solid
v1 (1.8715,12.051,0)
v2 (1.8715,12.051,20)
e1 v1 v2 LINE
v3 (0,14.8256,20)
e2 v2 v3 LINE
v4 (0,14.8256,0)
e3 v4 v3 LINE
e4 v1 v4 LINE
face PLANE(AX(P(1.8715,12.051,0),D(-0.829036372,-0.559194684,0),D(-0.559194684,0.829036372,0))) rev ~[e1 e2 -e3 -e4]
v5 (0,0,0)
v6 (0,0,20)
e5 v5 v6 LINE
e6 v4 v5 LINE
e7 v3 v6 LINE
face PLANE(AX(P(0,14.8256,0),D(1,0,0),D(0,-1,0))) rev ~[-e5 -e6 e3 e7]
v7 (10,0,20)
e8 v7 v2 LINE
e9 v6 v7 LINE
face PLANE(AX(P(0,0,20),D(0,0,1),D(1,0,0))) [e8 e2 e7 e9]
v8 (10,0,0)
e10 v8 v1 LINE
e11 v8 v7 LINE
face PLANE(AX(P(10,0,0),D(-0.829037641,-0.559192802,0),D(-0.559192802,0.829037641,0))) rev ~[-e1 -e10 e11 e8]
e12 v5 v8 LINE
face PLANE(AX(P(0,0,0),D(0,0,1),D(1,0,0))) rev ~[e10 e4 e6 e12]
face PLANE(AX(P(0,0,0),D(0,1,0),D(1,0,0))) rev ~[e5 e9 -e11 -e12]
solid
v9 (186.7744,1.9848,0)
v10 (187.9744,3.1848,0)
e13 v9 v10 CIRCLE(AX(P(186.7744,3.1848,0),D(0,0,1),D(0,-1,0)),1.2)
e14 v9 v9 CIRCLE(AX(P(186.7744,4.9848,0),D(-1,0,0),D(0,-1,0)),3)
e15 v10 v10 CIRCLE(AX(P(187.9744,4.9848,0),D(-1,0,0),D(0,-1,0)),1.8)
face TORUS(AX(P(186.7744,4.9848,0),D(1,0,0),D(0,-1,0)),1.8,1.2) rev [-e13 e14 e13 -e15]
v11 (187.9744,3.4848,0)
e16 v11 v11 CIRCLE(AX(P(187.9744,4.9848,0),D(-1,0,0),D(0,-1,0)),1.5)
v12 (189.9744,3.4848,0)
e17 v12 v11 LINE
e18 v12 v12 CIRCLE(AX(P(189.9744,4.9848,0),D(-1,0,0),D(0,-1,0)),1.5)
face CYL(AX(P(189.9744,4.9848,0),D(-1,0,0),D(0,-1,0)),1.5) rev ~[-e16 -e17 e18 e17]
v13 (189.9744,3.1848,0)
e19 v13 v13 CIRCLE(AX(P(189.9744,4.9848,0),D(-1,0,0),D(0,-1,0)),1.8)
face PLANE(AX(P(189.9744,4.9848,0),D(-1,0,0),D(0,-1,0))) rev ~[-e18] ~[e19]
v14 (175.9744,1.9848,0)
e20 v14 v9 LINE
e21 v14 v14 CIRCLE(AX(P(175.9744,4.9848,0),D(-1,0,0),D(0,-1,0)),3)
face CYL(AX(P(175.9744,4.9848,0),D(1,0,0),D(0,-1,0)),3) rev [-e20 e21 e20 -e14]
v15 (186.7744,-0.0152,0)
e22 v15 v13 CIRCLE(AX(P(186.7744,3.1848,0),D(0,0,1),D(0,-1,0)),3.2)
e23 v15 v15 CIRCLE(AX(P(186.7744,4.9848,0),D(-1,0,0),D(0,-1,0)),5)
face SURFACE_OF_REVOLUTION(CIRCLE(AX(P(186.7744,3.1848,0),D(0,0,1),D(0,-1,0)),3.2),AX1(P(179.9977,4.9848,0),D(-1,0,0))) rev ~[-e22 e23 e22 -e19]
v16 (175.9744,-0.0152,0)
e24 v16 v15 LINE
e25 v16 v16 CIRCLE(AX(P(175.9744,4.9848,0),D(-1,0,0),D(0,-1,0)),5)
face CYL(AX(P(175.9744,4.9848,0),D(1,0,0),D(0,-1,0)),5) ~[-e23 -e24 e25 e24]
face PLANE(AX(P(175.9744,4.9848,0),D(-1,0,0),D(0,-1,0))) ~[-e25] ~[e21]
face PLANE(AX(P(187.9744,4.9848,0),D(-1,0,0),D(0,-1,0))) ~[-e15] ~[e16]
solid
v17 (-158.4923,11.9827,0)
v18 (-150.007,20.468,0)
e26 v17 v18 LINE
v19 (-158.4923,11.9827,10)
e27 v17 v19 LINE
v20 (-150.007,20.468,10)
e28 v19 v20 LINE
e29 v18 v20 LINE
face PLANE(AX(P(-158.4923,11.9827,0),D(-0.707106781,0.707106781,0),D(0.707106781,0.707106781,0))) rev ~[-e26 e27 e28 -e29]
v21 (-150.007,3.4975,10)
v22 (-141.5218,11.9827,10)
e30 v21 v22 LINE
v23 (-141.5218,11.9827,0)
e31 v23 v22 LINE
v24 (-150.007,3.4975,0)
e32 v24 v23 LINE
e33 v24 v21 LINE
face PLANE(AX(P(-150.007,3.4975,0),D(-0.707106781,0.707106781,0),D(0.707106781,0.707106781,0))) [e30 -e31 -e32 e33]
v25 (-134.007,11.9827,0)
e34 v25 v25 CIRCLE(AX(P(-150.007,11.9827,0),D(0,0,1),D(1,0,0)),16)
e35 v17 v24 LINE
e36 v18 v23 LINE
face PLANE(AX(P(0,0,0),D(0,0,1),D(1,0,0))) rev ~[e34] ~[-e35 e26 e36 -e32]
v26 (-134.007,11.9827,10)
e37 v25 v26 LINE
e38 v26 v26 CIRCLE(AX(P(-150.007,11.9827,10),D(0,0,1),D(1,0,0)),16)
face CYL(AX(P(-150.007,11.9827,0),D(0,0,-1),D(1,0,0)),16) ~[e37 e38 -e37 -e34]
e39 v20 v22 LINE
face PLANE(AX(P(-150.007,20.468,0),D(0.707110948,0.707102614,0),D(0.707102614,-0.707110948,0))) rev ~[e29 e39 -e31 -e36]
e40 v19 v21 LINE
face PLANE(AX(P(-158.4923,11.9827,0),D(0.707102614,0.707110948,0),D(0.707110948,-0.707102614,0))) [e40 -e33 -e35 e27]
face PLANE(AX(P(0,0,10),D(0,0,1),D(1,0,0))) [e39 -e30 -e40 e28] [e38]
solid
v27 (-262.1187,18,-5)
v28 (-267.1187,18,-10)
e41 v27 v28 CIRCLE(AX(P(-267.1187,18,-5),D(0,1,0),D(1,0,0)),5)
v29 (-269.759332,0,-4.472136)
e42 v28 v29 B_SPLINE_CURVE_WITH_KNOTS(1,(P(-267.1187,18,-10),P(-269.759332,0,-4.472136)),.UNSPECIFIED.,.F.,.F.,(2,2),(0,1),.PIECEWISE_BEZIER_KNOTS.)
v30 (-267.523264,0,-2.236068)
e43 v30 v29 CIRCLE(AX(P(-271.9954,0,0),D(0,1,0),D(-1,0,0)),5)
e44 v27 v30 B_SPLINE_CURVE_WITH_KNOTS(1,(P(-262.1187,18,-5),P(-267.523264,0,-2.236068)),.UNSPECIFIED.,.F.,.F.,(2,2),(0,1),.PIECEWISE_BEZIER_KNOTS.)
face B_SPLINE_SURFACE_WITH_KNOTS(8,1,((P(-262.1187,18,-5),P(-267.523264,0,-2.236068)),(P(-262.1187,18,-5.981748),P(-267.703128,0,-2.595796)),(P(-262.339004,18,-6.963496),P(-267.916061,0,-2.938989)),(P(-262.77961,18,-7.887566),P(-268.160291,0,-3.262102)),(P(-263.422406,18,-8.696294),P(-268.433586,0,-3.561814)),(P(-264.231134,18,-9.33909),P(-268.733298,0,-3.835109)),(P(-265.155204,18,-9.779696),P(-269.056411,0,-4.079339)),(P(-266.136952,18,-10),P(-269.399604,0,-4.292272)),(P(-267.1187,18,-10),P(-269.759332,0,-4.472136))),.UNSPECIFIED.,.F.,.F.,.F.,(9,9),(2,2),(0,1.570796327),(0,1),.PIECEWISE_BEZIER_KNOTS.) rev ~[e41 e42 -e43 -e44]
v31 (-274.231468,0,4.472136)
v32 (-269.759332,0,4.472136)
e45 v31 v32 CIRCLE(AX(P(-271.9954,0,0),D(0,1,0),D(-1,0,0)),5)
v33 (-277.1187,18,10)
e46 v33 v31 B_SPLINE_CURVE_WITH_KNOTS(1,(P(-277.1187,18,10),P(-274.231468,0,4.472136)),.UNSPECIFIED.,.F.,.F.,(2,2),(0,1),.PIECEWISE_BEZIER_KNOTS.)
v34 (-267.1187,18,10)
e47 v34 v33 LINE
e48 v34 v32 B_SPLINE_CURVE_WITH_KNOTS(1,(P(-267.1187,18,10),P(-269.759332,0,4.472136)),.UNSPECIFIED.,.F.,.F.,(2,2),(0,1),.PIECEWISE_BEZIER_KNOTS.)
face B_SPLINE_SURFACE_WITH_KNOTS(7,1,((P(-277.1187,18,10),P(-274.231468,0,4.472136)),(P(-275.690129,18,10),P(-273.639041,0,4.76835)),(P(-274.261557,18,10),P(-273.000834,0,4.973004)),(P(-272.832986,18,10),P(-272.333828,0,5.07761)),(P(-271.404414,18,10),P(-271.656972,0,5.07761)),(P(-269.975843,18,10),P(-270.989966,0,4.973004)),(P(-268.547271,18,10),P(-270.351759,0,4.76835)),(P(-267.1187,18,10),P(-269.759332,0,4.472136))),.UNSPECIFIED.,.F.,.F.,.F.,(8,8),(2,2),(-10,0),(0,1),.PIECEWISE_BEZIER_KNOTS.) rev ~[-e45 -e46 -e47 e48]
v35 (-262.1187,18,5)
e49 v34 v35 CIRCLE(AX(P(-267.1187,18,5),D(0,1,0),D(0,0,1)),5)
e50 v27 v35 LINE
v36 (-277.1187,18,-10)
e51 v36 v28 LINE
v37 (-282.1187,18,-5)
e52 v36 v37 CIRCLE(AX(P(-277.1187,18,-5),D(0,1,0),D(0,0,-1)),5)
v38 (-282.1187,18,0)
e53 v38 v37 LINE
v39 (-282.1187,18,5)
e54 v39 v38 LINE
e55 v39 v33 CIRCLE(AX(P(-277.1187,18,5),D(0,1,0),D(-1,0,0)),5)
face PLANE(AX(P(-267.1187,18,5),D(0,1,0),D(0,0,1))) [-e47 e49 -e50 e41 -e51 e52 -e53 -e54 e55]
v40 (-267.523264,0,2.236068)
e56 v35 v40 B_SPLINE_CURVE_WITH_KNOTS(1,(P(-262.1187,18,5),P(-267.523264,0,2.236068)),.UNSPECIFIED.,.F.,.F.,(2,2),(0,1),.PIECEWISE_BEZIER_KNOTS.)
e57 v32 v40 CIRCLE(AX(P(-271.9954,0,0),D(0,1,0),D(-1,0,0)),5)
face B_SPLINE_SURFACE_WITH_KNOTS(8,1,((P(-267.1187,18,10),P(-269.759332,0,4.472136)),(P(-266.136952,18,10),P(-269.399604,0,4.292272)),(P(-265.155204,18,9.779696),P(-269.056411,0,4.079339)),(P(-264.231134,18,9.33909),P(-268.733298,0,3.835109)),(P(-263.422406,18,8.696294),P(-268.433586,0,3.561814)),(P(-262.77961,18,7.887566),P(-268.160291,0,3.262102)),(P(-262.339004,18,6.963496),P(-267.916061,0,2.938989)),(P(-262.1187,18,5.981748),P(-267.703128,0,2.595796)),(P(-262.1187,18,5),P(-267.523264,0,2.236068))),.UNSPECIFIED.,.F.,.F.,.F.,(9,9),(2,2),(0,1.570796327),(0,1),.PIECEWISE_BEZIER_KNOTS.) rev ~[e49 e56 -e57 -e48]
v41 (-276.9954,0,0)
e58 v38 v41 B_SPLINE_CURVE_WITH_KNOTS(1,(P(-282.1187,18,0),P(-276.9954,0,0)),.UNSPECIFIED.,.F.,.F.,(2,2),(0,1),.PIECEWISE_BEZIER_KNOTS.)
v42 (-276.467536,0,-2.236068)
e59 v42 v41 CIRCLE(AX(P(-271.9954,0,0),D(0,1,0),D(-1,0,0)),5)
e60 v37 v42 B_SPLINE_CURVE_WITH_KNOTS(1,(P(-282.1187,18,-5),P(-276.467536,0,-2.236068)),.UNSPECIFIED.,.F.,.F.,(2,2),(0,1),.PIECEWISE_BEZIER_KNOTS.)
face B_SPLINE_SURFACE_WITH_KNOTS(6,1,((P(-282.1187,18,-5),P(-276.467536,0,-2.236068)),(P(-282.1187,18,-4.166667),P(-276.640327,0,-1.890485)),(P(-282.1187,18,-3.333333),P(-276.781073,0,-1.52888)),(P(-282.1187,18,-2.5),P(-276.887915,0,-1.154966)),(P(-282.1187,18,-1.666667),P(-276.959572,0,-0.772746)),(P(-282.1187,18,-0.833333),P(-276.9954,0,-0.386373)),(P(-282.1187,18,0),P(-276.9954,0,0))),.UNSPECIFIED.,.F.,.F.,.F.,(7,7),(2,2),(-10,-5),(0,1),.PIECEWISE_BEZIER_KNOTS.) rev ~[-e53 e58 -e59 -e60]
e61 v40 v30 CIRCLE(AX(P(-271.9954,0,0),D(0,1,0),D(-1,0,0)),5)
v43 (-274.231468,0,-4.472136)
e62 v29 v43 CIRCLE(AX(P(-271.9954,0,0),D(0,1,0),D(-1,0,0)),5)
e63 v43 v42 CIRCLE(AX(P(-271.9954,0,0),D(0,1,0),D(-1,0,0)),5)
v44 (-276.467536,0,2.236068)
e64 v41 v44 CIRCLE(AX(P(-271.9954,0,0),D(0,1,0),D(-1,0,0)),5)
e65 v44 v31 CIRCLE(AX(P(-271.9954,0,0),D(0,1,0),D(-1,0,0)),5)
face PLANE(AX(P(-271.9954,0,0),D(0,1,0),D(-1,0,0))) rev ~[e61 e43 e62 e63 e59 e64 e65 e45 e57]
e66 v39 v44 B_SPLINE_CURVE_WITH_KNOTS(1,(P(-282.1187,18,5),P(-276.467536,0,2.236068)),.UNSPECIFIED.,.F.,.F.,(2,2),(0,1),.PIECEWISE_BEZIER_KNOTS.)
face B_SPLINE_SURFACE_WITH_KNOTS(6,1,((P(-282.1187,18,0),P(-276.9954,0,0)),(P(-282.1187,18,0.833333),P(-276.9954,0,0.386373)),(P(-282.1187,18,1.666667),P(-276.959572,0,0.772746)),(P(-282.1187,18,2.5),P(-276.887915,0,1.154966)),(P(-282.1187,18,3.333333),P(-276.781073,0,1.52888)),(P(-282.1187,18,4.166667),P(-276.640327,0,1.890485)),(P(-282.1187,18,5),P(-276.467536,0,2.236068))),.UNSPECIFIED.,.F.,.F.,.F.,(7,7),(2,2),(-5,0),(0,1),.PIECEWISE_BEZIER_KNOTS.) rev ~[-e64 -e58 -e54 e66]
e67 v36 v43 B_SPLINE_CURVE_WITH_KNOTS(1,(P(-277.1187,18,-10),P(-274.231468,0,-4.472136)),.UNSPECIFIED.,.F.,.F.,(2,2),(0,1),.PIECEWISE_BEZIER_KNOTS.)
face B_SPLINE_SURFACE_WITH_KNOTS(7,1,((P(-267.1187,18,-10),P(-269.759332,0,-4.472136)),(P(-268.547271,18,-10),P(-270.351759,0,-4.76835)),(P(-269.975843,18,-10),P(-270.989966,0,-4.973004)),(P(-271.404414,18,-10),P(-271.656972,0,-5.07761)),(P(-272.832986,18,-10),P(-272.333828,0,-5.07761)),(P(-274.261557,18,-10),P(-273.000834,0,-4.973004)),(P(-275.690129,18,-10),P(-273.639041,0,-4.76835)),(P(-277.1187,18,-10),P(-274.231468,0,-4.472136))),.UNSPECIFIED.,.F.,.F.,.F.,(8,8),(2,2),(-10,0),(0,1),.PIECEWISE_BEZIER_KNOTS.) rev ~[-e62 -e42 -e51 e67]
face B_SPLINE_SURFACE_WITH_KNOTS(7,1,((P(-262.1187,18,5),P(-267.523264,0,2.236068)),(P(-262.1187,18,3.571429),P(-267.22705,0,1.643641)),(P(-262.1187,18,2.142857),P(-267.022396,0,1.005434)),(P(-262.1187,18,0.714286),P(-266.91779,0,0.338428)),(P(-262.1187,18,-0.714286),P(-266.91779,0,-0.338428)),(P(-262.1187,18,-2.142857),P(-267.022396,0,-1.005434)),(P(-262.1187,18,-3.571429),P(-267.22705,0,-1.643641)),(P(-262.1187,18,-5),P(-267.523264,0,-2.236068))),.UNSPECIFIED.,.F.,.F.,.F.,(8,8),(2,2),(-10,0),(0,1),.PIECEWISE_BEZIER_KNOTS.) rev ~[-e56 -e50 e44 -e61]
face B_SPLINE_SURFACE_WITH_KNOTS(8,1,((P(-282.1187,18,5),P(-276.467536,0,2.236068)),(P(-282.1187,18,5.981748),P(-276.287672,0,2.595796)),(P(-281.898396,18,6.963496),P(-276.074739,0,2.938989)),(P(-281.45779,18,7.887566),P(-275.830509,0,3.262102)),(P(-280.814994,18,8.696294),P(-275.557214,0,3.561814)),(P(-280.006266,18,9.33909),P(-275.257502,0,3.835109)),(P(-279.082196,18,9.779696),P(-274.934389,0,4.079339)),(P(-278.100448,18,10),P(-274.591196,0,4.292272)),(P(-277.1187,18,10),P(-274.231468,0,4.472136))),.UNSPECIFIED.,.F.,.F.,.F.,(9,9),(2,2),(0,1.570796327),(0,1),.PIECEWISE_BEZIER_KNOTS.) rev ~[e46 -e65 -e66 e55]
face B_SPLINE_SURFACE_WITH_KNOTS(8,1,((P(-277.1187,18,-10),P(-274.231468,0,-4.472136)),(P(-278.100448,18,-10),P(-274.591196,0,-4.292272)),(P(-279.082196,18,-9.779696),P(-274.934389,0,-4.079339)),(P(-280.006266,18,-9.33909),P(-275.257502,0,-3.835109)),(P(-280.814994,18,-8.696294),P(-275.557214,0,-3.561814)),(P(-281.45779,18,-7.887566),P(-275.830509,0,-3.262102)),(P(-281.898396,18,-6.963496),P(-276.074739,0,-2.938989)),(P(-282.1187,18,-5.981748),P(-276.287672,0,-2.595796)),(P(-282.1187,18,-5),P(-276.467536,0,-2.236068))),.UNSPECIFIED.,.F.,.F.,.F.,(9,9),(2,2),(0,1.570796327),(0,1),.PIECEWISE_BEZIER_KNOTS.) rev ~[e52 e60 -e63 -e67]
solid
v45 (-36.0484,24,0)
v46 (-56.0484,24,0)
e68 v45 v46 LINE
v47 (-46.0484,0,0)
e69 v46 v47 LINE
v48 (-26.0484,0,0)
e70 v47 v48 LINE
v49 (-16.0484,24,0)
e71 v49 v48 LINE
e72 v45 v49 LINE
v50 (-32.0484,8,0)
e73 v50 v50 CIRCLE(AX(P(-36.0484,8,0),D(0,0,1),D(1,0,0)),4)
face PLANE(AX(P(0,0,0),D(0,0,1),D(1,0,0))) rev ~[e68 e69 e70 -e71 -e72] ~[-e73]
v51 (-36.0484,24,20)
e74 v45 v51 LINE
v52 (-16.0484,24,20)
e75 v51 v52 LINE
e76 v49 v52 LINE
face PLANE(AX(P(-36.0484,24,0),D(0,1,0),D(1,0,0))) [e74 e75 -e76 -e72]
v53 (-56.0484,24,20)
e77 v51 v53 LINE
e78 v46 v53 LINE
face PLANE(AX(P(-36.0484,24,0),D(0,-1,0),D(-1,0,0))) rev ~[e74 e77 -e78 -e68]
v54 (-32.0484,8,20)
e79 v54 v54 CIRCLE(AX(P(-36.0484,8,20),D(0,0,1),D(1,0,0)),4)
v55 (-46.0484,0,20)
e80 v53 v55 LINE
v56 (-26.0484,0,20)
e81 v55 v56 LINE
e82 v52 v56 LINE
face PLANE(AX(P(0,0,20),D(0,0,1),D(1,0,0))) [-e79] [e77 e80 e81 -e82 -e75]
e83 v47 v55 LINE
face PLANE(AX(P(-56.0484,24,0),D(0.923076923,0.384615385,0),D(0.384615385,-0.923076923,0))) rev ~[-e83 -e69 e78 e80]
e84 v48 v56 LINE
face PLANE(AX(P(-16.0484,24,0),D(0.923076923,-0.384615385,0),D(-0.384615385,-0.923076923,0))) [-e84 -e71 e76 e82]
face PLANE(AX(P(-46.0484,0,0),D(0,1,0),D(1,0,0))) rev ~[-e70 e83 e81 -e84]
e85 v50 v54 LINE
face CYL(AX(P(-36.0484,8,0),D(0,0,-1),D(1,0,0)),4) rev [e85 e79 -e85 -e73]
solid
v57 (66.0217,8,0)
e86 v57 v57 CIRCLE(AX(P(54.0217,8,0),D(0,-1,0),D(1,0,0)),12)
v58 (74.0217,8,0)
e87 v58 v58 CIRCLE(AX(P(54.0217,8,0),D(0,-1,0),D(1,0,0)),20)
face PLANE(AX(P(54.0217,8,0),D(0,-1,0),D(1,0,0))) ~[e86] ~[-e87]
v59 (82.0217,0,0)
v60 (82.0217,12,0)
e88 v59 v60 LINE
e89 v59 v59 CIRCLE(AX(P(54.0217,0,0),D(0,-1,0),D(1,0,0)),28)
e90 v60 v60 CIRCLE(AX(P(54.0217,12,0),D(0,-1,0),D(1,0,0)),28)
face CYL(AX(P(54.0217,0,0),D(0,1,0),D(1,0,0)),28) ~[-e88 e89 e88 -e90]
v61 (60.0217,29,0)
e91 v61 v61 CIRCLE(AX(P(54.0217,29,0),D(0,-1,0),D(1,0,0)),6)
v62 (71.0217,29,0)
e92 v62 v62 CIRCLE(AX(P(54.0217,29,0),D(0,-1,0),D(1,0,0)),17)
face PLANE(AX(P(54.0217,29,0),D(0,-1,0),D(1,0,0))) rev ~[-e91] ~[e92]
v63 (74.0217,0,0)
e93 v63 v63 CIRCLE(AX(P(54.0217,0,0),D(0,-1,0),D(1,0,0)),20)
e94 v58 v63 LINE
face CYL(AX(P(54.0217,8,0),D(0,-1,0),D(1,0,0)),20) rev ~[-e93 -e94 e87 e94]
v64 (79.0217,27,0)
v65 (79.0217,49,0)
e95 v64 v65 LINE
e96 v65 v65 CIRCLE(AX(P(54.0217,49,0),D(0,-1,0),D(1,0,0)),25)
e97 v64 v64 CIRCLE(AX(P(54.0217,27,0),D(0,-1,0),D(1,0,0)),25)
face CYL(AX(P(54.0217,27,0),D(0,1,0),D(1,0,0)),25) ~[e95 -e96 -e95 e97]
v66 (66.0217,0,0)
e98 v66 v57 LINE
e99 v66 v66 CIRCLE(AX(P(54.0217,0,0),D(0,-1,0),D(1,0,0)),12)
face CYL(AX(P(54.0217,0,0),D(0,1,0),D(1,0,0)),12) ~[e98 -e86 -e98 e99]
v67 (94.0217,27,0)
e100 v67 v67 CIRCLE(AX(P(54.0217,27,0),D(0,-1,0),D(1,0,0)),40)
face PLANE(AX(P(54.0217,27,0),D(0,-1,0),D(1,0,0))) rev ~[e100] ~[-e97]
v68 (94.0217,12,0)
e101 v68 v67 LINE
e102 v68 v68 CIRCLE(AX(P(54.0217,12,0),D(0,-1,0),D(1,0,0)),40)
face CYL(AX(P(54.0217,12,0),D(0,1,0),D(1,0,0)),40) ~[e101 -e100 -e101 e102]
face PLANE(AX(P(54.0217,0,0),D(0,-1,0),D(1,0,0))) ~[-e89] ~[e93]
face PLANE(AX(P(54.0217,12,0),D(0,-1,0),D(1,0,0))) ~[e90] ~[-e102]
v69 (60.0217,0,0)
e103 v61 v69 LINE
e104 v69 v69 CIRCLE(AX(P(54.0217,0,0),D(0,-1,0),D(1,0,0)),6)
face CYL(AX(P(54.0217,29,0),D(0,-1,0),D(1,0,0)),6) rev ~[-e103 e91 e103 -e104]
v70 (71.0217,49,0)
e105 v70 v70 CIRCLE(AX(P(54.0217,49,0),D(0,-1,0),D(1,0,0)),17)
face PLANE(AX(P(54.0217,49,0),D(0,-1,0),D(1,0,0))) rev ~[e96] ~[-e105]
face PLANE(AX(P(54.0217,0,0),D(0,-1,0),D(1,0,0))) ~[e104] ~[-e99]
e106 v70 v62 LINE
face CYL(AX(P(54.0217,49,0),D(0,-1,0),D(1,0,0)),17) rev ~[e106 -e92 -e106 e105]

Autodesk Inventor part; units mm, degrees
ref_plane "YZ Plane" through (0, 0, 0) normal (1, 0, 0) x (0, 1, 0)
ref_plane "XY Plane" through (0, 0, 0) normal (0, 0, 1) x (1, 0, 0)
sketch "Эскиз3" plane through (0, 0, 0) normal (0, 0, 1) x (1, 0, 0)
  line L0 (0, 0) -> (10, 0)
  line L1 (10, 0) -> (1.8715, 12.051)
  line L2 (1.8715, 12.051) -> (0, 14.8256)
  line L3 (0, 14.8256) -> (0, 0)
  dimension "d0" = 10
  dimension "d1" = 56
sketch "Эскиз4" plane through (0, 0, 0) normal (0, 0, 1) x (1, 0, 0)
  line L0 (-46.0484, 0) -> (-26.0484, 0)
  line L1 (-16.0484, 24) -> (-26.0484, 0)
  line L2 (-56.0484, 24) -> (-46.0484, 0)
  circle A0 centre (-36.0484, 8) radius 4
  line L3 (-36.0484, 24) -> (-56.0484, 24)
  line L4 (-36.0484, 24) -> (-16.0484, 24)
  point P0 (0, 0)
  dimension "d2" = 20
  dimension "d8" = 8
  dimension "d10" = 20
  dimension "d11" = 20
  dimension "d12" = 16
sketch "Эскиз5" plane through (0, 0, 0) normal (0, 0, 1) x (1, 0, 0)
  line L0 (60.0217, 0) -> (66.0217, 0)
  line L1 (66.0217, 0) -> (66.0217, 8)
  line L2 (66.0217, 8) -> (74.0217, 8)
  line L3 (74.0217, 8) -> (74.0217, 0)
  line L4 (74.0217, 0) -> (82.0217, 0)
  line L5 (82.0217, 0) -> (82.0217, 12)
  line L6 (82.0217, 12) -> (94.0217, 12)
  line L7 (94.0217, 12) -> (94.0217, 27)
  line L8 (94.0217, 27) -> (79.0217, 27)
  line L9 (79.0217, 27) -> (79.0217, 49)
  line L10 (79.0217, 49) -> (71.0217, 49)
  line L11 (71.0217, 49) -> (71.0217, 29)
  line L12 (71.0217, 29) -> (60.0217, 29)
  line L13 (60.0217, 29) -> (60.0217, 0)
  line L14 (60.0217, 0) -> (54.0217, 0)
  line L15 (54.0217, 15.2415) -> (54.0217, -9.2055)
  point P0 (0, 0)
  dimension "d13" = 6
  dimension "d14" = 8
  dimension "d15" = 8
  dimension "d16" = 8
  dimension "d17" = 8
  dimension "d18" = 12
  dimension "d19" = 12
  dimension "d20" = 15
  dimension "d21" = 15
  dimension "d22" = 22
  dimension "d23" = 8
  dimension "d24" = 20
  dimension "d25" = 11
  dimension "d76" = 6
sketch "Эскиз6" plane through (0, 0, 0) normal (0, 0, 1) x (1, 0, 0)
  circle A0 centre (-150.007, 11.9827) radius 16
  line L0 (-150.007, 20.468) -> (-141.5218, 11.9827)
  line L1 (-158.4923, 11.9827) -> (-150.007, 3.4975)
  line L2 (-150.007, 3.4975) -> (-141.5218, 11.9827)
  line L3 (-141.5218, 11.9827) -> (-150.007, 3.4975)
  line L4 (-158.4923, 11.9827) -> (-150.007, 20.468)
  point P0 (0, 0)
sketch "Эскиз7" plane through (0, 0, 0) normal (0, 0, 1) x (1, 0, 0)
  point P0 (0, 0)
sketch "Эскиз8" plane through (0, 0, 0) normal (0, 0, 1) x (1, 0, 0)
  line L0 (175.9744, 1.9848) -> (175.9744, -0.0152)
  line L1 (175.9744, -0.0152) -> (186.7744, -0.0152)
  line L2 (175.9744, 1.9848) -> (186.7744, 1.9848)
  line L3 (186.7744, 1.9848) -> (186.7744, 1.9848)
  line L4 (187.9744, 3.1848) -> (187.9744, 3.1848)
  line L5 (189.9744, 3.1848) -> (189.9744, 3.1848)
  line L6 (186.7744, -0.0152) -> (186.7744, -0.0152)
  line L7 (186.7744, -0.0152) -> (186.7744, -0.0152)
  line L8 (189.9744, 3.1848) -> (189.9744, 3.4848)
  line L9 (189.9744, 3.4848) -> (187.9744, 3.4848)
  line L10 (187.9744, 3.4848) -> (187.9744, 3.1848)
  line L11 (186.7744, 1.9848) -> (186.7744, 1.9848)
  arc A0 (186.7744, -0.0152) -> (189.9744, 3.1848) centre (186.7744, 3.1848) ccw
  arc A1 (186.7744, 1.9848) -> (187.9744, 3.1848) centre (186.7744, 3.1848) ccw
  line L12 (179.9977, 4.9848) -> (177.4727, 4.9848)
  point P0 (0, 0)
  point P1 (189.9744, -0.0152)
  dimension "d38" = 2
  dimension "d58" = 14
  dimension "d63" = 3.5
  dimension "d64" = 2
  dimension "d67" = 1.2
  dimension "d68" = 3.2
  dimension "d71" = 5
extrude "Выдавливание1" add sketch "Эскиз3" along normal blind 20
extrude "Выдавливание2" add sketch "Эскиз6" along normal blind 10
revolve "Вращение1" add sketch "Эскиз5" angle 360 about axis through (54.0217, 15.2415, 0) along (0, -1, 0)
extrude "Выдавливание3" add sketch "Эскиз4" along normal blind 20
revolve "Вращение2" add sketch "Эскиз8" angle 360 about axis through (179.9977, 4.9848, 0) along (-1, 0, 0)
sketch "Эскиз9" plane through (0, 0, 0) normal (0, 1, 0) x (-1, 0, 0)
  circle A0 centre (271.9954, 0) radius 5
  point P0 (0, 0)
ref_plane "РабПлоскость1" through (0, 18, 0) normal (0, 1, 0) x (-1, 0, 0)
sketch "Эскиз10" plane through (0, 18, 0) normal (0, 1, 0) x (-1, 0, 0)
  line L0 (267.1187, 10) -> (277.1187, 10)
  line L1 (282.1187, 5) -> (282.1187, -5)
  line L2 (277.1187, -10) -> (267.1187, -10)
  line L3 (262.1187, -5) -> (262.1187, 5)
  arc A0 (277.1187, -10) -> (282.1187, -5) centre (277.1187, -5) ccw
  arc A1 (262.1187, -5) -> (267.1187, -10) centre (267.1187, -5) ccw
  arc A2 (267.1187, 10) -> (262.1187, 5) centre (267.1187, 5) ccw
  arc A3 (282.1187, 5) -> (277.1187, 10) centre (277.1187, 5) ccw
  point P0 (0, 0)
  dimension "d88" = 5
loft "Лофт1" add profiles "Эскиз10", "Эскиз9"
sketch "Эскиз11" plane through (0, 0, 0) normal (0, 0, 1) x (1, 0, 0)
  circle A0 centre (-199.5369, 79.7312) radius 9
  circle A1 centre (-139.5369, 79.7312) radius 9
  point P0 (0, 0)
properties part number "Lab1"
